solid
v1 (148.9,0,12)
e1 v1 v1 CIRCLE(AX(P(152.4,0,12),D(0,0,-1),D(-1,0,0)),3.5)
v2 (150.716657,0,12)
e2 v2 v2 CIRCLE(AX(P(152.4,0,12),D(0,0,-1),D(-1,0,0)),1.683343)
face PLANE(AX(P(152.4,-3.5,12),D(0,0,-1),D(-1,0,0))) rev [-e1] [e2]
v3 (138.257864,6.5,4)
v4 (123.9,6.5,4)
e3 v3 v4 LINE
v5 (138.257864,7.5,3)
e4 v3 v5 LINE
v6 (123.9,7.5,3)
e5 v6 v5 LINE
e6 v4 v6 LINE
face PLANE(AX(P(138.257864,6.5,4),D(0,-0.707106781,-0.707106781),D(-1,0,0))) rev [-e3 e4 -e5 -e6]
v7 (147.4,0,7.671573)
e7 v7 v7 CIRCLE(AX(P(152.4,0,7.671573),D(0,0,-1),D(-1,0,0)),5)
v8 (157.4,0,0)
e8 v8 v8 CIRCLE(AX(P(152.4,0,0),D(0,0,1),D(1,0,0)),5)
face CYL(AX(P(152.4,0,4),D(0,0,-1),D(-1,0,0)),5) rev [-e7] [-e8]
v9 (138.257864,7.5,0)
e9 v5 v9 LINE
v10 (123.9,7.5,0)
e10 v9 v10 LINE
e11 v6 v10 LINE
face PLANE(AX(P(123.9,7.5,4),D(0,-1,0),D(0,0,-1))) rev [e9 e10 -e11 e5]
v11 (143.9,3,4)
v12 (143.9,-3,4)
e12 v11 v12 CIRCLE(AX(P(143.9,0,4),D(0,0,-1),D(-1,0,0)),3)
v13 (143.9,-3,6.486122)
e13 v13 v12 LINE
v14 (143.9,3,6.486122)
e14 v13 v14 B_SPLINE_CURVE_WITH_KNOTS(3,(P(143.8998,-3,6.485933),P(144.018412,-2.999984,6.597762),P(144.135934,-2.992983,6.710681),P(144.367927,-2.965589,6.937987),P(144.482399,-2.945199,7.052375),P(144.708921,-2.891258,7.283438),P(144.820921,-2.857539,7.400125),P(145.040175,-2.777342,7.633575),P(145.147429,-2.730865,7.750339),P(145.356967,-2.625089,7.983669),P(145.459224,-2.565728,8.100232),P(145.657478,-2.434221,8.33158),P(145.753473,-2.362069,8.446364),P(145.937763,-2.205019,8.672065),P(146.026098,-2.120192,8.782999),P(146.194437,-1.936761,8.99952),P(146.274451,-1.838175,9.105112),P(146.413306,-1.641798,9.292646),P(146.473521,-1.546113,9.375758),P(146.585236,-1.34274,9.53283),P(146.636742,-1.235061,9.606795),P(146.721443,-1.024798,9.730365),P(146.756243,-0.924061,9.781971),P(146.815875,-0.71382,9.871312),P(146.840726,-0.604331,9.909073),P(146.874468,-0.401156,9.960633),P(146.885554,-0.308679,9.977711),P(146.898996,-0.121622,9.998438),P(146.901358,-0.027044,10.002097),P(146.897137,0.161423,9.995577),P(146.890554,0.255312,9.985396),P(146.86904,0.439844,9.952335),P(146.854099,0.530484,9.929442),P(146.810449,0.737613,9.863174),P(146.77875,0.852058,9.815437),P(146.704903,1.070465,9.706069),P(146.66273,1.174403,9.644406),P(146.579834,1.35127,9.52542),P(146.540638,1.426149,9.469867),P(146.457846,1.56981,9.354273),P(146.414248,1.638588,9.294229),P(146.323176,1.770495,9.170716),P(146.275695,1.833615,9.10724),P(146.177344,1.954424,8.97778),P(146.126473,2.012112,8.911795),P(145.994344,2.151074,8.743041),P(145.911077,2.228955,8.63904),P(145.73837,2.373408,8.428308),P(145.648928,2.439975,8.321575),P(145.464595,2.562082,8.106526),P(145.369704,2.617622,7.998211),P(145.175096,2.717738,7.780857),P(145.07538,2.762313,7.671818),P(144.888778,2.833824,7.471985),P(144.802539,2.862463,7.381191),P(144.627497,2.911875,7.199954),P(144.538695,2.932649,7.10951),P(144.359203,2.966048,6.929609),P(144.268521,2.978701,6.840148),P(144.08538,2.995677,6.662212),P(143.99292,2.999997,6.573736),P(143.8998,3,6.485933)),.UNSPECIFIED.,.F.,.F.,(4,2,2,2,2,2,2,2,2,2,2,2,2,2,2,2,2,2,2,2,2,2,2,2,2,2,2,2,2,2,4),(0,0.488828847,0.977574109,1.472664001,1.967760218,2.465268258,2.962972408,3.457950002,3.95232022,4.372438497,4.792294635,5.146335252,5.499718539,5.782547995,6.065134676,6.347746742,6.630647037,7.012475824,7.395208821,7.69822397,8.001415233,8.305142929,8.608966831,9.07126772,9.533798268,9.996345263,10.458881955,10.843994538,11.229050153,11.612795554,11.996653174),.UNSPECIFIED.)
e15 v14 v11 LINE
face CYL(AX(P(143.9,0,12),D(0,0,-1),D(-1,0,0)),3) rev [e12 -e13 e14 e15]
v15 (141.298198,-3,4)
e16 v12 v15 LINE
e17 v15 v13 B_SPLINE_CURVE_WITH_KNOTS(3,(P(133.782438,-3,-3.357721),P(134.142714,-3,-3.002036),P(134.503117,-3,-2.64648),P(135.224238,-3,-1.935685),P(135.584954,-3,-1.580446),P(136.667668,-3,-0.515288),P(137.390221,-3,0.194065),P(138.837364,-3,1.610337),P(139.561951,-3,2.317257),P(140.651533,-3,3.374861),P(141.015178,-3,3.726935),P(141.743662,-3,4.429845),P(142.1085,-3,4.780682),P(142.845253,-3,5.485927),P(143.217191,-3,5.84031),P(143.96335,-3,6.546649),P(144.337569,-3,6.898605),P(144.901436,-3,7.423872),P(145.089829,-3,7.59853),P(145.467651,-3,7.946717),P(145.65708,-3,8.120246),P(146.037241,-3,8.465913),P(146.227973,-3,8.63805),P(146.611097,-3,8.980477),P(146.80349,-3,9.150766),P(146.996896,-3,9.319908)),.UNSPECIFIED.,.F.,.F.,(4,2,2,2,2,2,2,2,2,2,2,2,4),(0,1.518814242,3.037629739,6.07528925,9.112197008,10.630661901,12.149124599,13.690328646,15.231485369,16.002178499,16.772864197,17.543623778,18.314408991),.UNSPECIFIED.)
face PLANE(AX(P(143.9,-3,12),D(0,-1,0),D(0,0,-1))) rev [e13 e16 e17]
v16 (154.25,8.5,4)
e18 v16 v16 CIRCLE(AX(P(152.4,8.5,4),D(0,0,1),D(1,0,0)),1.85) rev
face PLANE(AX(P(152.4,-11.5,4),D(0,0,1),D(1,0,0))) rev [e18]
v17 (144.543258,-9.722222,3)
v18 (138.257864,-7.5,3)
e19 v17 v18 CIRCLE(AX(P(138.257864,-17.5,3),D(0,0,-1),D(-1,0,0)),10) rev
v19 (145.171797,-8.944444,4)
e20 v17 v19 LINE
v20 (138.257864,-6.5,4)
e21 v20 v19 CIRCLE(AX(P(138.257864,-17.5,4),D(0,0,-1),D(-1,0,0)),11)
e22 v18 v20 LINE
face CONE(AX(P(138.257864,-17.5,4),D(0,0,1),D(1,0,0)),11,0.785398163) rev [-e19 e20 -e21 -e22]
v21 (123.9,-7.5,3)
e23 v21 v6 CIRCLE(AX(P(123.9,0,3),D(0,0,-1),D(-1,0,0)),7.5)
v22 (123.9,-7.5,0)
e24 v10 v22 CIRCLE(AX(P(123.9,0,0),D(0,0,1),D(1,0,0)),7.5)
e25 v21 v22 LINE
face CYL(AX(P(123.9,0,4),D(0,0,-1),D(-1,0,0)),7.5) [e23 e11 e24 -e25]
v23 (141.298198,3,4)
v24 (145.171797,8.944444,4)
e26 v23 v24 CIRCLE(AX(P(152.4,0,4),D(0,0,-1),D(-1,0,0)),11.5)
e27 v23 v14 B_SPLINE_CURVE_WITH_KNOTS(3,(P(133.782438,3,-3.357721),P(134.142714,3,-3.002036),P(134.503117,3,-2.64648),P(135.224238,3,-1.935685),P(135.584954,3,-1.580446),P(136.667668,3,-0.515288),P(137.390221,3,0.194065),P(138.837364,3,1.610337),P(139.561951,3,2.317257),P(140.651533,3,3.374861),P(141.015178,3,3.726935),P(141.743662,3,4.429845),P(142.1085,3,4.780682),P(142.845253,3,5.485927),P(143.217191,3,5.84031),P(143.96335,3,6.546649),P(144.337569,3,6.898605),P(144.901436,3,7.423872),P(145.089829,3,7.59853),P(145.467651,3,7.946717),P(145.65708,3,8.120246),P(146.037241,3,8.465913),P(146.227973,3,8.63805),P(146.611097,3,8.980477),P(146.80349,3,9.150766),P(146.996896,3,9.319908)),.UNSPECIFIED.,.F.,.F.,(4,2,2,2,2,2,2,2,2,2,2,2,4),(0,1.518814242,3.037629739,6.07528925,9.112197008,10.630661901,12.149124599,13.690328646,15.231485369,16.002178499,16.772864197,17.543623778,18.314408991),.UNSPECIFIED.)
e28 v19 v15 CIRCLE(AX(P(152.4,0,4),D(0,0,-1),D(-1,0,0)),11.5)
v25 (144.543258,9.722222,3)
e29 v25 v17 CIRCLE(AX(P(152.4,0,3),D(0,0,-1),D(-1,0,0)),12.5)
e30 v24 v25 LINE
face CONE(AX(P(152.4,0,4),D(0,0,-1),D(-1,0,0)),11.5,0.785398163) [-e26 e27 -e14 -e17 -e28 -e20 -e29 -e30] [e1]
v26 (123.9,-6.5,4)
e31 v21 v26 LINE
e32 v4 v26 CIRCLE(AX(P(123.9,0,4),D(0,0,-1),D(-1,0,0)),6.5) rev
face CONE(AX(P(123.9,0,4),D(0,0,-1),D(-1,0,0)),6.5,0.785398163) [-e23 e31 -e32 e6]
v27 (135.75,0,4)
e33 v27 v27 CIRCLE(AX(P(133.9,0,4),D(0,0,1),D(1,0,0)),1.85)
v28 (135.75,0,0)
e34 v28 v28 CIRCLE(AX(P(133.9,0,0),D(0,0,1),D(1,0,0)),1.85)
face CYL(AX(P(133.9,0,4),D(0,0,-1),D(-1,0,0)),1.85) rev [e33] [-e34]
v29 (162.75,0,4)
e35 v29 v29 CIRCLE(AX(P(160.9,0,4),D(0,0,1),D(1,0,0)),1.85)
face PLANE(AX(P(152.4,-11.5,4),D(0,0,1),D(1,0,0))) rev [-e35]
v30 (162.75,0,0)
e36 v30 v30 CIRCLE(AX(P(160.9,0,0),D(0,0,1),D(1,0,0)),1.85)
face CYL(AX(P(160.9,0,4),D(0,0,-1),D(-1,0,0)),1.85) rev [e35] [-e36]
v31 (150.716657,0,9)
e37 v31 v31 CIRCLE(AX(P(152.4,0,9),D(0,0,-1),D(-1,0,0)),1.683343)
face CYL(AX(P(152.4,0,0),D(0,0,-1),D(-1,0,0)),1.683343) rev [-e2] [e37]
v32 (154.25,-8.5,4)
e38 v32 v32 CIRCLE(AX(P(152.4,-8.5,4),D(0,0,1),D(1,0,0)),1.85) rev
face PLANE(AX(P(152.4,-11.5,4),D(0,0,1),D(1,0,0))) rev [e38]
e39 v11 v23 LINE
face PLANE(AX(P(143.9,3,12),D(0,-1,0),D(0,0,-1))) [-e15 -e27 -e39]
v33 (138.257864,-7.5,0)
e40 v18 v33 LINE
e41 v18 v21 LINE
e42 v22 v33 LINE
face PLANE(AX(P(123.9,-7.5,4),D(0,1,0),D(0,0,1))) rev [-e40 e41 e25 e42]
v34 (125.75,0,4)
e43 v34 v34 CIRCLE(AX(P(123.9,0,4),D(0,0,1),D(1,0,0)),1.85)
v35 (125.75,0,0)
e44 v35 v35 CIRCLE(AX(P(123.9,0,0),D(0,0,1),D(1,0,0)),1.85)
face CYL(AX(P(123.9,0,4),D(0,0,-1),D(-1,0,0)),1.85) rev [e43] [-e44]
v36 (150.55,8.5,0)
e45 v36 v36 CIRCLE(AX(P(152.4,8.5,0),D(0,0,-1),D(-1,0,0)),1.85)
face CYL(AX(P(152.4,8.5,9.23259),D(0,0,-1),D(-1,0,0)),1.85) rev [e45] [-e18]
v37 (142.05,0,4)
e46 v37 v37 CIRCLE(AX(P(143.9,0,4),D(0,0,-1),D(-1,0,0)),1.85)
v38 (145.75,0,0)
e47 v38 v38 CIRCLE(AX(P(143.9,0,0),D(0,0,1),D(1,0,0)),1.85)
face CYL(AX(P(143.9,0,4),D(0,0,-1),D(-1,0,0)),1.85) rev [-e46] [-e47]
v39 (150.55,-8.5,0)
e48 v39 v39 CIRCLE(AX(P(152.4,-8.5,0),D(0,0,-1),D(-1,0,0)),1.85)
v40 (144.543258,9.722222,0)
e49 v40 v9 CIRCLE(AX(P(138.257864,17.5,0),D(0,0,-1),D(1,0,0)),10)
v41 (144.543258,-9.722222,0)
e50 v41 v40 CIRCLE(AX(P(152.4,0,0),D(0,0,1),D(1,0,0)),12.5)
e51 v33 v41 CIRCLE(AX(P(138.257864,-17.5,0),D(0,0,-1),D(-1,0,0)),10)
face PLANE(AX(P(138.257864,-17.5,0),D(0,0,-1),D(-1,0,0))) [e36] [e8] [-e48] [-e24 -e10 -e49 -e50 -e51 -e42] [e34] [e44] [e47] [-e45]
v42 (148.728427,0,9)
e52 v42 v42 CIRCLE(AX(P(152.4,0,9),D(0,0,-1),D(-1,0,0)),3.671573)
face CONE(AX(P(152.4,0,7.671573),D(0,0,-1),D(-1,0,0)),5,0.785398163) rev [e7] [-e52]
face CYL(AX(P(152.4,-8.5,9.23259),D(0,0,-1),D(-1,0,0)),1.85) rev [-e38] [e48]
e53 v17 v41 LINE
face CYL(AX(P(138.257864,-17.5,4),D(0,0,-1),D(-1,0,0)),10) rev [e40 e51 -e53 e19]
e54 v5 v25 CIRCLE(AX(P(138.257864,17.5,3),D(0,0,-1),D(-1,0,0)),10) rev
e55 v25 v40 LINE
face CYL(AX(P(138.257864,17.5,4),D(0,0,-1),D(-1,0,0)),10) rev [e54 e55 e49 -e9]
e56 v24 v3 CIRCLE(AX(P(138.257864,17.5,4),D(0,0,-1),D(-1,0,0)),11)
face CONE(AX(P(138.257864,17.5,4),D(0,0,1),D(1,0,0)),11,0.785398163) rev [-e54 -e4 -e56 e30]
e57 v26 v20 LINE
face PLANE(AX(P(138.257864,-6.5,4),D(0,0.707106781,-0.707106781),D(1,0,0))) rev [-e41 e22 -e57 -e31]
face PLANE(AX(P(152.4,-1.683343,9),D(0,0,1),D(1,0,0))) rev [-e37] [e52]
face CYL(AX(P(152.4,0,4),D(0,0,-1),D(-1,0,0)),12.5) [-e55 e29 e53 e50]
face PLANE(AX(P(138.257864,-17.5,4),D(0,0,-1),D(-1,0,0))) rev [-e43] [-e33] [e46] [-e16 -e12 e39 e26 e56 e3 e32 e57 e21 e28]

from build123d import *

# Parameters (mm, degrees)
SKETCH1_R           = 1.85
SKETCH1_R_2         = 5
BOSS_EXTRUDE1_DEPTH = 4
CHAMFER1_SIZE       = 1
CUT_EXTRUDE1_DEPTH  = 166.566482115
SKETCH5_2_R         = 1.85
CUT_EXTRUDE2_DEPTH  = 4


with BuildPart() as part:
    # Sketch1 → Boss-Extrude1 (new body)
    with BuildSketch(Plane.XY):
        with BuildLine():
            Line((123.9, 7.5), (138.257864376, 7.5))
            ThreePointArc((138.257864376, 7.5), (141.59119771, 8.071909584), (144.543257987, 9.722222222))
            ThreePointArc((144.543257987, 9.722222222), (164.9, 0), (144.543257987, -9.722222222))
            ThreePointArc((144.543257987, -9.722222222), (141.59119771, -8.071909584), (138.257864376, -7.5))
            Line((138.257864376, -7.5), (123.9, -7.5))
            ThreePointArc((123.9, -7.5), (116.4, 0), (123.9, 7.5))
        make_face()
        with Locations((160.9, 0)):
            Circle(SKETCH1_R, mode=Mode.SUBTRACT)
        with Locations((152.4, 0)):
            Circle(SKETCH1_R_2, mode=Mode.SUBTRACT)
        with Locations((143.9, 0)):
            Circle(SKETCH1_R, mode=Mode.SUBTRACT)
        with Locations((133.9, 0)):
            Circle(SKETCH1_R, mode=Mode.SUBTRACT)
        with Locations((123.9, 0)):
            Circle(SKETCH1_R, mode=Mode.SUBTRACT)
    extrude(amount=BOSS_EXTRUDE1_DEPTH)

    # Chamfer1
    chamfer1_edges = [part.edges().sort_by_distance(p)[0] for p in [
        (141.59119771, 8.071909584, 4),
        (131.078932188, 7.5, 4),
        (116.4, 0, 4),
        (131.078932188, -7.5, 4),
        (141.59119771, -8.071909584, 4),
        (164.9, 0, 4),
    ]]
    chamfer(chamfer1_edges, length=CHAMFER1_SIZE)

    # Sketch3 → Revolve2 (revolve)
    with BuildSketch(Plane(origin=(152.4, 0, 0), x_dir=(0, 0, -1), z_dir=(1, 0, 0)), mode=Mode.PRIVATE) as revolve2_sk:
        Polygon((-4, -11.5), (-4, -5), (-7.671572875, -5), (-9, -3.671572875), (-9, -1.683342633), (-12, -1.683342633), (-12, -3.5), align=None)
    revolve(revolve2_sk.sketch.rotate(Axis((152.4, 0, 0), (0, 0, 1)), 270), axis=Axis((152.4, 0, 0), (0, 0, 1)))

    # Sketch4 → Cut-Extrude1 (cut, through all)
    with BuildSketch(Plane(origin=(0, 0, 4), x_dir=(-1, 0, 0), z_dir=(0, 0, -1))):
        with BuildLine():
            Line((-143.9, -3), (-141.298198344, -3))
            ThreePointArc((-141.298198344, -3), (-140.9, 0), (-141.298198344, 3))
            Line((-141.298198344, 3), (-143.9, 3))
            ThreePointArc((-143.9, 3), (-146.9, 0), (-143.9, -3))
        make_face()
    extrude(amount=-CUT_EXTRUDE1_DEPTH, mode=Mode.SUBTRACT)

    # Sketch5<2> → Cut-Extrude2 (cut)
    with BuildSketch(Plane(origin=(0, 0, 0), x_dir=(-1, 0, 0), z_dir=(0, 0, -1))):
        with Locations((-152.4, -8.5)):
            Circle(SKETCH5_2_R)
        with Locations((-152.4, 8.5)):
            Circle(SKETCH5_2_R)
    extrude(amount=-CUT_EXTRUDE2_DEPTH, mode=Mode.SUBTRACT)


solid = part.part
